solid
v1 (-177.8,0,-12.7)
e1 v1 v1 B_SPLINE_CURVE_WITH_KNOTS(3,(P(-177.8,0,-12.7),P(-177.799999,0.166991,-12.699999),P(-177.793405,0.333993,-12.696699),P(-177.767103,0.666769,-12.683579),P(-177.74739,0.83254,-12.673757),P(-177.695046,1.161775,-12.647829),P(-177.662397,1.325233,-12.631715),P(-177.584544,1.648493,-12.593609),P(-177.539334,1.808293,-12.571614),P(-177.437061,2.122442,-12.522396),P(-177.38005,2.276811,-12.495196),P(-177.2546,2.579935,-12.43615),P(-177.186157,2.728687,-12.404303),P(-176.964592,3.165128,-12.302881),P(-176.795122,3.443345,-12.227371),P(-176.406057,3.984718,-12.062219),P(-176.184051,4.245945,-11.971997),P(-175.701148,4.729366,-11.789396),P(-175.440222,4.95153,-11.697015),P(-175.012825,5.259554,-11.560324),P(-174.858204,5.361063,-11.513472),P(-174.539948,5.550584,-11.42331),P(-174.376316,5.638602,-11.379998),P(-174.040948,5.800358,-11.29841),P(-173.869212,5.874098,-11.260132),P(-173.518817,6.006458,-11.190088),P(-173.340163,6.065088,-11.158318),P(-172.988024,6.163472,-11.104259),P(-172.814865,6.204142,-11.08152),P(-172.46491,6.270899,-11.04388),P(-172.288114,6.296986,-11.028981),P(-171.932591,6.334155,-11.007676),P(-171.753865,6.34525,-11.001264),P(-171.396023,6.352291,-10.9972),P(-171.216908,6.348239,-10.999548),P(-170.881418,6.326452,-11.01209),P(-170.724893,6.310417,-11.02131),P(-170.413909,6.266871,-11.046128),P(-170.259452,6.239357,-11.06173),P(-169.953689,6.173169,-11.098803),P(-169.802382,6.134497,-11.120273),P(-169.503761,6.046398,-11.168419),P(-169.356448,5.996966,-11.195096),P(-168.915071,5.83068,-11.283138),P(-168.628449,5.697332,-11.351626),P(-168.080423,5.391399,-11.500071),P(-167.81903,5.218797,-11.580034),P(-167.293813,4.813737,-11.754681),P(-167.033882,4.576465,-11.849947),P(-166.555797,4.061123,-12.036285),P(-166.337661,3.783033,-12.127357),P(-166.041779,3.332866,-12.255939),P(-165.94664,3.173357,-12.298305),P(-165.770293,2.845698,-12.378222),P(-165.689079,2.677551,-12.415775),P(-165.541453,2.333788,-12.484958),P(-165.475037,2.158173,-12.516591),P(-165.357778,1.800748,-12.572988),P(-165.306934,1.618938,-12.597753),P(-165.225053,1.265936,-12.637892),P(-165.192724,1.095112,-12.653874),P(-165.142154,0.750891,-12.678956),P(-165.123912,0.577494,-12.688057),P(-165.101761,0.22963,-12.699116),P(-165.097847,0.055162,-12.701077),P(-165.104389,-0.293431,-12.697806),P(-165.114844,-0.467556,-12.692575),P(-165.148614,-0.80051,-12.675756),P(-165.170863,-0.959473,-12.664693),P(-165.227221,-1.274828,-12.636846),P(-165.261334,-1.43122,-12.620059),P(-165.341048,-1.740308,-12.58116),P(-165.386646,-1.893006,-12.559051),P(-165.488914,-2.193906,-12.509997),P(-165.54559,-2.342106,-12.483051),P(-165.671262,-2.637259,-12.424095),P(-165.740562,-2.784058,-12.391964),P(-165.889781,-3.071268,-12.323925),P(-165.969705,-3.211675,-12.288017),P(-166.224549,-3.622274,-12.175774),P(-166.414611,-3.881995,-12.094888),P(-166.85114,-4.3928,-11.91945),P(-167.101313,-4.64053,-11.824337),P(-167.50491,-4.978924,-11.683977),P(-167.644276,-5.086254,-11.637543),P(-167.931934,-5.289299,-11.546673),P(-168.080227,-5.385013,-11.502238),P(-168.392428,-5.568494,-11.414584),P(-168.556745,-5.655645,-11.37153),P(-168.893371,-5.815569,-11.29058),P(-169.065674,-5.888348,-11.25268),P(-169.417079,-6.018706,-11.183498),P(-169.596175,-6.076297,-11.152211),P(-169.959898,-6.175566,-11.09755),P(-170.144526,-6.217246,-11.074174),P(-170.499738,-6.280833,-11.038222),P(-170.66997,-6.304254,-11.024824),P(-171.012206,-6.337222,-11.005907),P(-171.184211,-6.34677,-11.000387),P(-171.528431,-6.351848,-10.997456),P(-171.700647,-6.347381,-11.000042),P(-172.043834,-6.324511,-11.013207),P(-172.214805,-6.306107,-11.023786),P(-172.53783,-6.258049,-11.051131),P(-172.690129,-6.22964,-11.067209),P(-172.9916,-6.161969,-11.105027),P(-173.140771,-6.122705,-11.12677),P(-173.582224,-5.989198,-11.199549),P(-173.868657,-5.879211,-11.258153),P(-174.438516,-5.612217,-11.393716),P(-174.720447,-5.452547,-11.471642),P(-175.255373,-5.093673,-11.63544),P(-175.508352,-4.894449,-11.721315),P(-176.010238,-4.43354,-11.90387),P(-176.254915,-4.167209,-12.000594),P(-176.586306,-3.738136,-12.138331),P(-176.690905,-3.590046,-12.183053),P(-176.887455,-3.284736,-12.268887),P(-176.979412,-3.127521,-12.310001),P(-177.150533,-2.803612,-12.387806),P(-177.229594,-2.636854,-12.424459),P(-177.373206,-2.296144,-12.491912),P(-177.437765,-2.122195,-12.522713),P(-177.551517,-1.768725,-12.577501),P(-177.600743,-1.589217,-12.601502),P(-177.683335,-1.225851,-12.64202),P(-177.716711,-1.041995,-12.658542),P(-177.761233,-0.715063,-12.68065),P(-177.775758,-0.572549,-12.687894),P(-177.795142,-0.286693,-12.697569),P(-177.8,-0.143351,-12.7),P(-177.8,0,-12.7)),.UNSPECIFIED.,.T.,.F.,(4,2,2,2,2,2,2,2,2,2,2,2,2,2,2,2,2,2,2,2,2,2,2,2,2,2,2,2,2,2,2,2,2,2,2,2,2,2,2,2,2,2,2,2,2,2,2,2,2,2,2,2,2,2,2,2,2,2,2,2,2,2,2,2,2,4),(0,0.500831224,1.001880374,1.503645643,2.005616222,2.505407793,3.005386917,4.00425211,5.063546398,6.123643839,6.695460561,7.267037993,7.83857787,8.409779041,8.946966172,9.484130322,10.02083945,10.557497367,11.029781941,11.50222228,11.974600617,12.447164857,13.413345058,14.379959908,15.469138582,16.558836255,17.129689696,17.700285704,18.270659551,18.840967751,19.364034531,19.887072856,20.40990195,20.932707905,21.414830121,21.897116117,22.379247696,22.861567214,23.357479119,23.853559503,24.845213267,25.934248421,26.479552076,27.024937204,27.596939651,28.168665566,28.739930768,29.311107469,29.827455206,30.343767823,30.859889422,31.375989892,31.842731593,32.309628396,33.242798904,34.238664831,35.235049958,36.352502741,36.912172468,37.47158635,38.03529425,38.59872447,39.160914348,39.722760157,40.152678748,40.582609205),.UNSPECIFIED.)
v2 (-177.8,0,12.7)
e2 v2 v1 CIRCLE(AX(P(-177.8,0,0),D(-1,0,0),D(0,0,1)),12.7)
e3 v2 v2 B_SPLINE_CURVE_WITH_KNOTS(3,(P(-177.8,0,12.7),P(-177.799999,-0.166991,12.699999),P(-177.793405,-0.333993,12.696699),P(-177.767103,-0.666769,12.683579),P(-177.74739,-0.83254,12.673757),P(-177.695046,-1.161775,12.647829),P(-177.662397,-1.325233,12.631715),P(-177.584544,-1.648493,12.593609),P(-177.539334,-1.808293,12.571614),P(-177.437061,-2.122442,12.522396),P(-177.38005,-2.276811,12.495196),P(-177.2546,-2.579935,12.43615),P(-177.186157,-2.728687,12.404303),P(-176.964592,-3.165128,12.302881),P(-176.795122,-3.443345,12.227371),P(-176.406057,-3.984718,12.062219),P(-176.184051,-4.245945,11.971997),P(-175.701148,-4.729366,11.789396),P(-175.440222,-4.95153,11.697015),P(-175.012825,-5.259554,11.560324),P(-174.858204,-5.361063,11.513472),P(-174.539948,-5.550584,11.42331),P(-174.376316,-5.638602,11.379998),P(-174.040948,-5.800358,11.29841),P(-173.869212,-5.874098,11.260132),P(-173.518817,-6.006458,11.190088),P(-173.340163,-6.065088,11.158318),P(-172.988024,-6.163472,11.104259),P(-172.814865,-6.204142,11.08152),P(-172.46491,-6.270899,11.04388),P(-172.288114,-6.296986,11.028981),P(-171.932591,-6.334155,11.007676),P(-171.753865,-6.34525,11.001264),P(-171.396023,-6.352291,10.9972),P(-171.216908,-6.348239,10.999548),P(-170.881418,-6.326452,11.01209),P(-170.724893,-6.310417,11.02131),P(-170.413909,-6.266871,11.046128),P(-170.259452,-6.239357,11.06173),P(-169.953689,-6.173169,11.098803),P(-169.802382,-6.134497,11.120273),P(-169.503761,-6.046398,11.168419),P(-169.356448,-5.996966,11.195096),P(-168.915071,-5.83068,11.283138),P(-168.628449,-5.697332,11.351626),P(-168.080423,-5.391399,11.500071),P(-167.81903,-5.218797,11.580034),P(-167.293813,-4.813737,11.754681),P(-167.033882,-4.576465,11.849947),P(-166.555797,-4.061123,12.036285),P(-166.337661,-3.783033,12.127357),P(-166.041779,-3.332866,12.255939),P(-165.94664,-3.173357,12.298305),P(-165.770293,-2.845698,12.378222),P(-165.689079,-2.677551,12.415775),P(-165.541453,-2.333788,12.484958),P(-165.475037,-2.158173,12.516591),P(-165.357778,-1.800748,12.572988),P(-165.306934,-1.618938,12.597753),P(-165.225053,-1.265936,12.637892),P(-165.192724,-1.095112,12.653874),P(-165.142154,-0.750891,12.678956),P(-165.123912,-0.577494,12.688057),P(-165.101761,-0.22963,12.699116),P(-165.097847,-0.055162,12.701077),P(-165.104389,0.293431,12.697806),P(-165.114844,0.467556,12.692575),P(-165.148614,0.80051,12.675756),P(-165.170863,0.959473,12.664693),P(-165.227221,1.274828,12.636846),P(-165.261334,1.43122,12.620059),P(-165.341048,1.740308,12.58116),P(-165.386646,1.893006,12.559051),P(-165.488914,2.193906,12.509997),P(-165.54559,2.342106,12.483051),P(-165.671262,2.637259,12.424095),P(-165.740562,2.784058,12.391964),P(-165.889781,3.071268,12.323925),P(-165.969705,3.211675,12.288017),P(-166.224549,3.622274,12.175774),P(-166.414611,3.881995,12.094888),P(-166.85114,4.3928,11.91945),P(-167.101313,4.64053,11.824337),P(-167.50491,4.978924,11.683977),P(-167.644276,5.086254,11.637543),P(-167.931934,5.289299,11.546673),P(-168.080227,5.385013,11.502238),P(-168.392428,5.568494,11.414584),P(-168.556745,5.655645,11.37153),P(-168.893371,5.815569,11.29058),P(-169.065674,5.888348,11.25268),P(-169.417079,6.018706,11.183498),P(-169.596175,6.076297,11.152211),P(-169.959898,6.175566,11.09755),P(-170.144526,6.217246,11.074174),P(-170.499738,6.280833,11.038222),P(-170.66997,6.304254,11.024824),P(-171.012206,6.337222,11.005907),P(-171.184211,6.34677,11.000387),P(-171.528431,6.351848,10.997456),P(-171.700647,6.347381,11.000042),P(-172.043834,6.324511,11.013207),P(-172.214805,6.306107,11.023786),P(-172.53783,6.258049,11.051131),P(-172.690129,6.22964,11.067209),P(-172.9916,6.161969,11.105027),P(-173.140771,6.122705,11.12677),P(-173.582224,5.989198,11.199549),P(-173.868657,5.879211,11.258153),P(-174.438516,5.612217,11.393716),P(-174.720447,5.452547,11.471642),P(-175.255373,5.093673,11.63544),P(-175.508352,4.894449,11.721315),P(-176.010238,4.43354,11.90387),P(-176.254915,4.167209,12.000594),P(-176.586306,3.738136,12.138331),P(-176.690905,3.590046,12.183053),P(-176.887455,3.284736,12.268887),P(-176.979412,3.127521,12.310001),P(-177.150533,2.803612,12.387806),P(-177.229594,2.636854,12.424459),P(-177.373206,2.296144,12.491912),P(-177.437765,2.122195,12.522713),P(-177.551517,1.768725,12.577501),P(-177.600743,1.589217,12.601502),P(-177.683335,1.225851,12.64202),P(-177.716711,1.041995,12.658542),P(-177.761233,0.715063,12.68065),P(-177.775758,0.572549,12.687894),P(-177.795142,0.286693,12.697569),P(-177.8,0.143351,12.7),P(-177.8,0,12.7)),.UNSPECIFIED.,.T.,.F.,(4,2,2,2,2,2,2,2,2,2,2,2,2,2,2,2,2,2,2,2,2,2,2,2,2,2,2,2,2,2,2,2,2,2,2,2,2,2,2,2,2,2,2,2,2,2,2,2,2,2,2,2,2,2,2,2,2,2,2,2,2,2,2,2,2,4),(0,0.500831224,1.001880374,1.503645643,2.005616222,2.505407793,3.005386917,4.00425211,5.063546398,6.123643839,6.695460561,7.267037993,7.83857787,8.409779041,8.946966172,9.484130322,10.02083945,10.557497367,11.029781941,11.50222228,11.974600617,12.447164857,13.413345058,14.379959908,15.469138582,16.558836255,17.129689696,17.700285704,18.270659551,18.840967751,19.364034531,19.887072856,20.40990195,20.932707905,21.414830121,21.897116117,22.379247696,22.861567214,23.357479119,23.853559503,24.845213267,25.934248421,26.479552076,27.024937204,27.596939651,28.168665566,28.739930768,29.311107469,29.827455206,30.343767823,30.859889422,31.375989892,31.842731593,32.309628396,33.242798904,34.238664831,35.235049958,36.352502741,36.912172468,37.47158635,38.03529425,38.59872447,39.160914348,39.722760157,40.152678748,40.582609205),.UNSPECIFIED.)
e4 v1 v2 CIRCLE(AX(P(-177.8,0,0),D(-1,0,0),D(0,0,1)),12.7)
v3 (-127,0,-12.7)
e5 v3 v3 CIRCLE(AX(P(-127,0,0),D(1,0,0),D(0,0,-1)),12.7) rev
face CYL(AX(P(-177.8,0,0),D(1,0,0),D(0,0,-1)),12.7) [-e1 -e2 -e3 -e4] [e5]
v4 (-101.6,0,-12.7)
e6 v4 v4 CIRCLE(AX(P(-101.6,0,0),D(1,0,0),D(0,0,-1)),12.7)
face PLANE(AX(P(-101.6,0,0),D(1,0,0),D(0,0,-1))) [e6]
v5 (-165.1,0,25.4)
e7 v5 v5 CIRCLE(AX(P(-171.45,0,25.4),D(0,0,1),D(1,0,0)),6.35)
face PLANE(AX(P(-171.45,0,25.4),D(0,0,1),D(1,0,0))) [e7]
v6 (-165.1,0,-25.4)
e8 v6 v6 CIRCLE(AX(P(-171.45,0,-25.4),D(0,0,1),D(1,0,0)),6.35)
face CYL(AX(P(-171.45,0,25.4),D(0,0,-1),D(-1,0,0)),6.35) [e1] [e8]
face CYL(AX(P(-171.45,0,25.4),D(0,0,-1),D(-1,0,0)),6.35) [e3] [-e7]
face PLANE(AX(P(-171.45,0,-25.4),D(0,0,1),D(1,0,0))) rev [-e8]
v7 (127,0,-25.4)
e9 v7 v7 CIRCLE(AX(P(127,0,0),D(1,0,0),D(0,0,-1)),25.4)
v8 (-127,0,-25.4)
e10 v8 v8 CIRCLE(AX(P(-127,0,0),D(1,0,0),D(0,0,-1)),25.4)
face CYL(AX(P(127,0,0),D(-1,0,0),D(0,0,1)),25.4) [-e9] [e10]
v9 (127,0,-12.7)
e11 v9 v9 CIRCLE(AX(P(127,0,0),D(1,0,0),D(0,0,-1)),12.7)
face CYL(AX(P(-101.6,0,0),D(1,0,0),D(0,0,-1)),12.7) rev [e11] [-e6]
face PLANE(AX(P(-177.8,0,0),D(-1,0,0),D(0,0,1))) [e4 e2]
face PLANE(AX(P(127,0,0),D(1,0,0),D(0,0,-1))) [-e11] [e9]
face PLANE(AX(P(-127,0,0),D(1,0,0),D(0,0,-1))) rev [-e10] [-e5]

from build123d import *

# Parameters (mm, degrees)
SKETCH1_R           = 25.4
BOSS_EXTRUDE1_DEPTH = 127
SKETCH2_R           = 12.7
BOSS_EXTRUDE2_DEPTH = 50.8
SKETCH3_R           = 6.35
BOSS_EXTRUDE3_DEPTH = 25.4
SKETCH4_R           = 12.7
CUT_EXTRUDE1_DEPTH  = 228.6


with BuildPart() as part:
    # Sketch1 → Boss-Extrude1 (new body, symmetric)
    with BuildSketch(Plane(origin=(0, 0, 0), x_dir=(0, 0, -1), z_dir=(1, 0, 0))):
        Circle(SKETCH1_R)
    extrude(amount=BOSS_EXTRUDE1_DEPTH, both=True)

    # Sketch2 → Boss-Extrude2 (add)
    with BuildSketch(Plane.ZY.offset(127)):
        Circle(SKETCH2_R)
    extrude(amount=BOSS_EXTRUDE2_DEPTH)

    # Sketch3 → Boss-Extrude3 (add, symmetric)
    with BuildSketch(Plane.XY):
        with Locations((-171.45, 0)):
            Circle(SKETCH3_R)
    extrude(amount=BOSS_EXTRUDE3_DEPTH, both=True)

    # Sketch4 → Cut-Extrude1 (cut)
    with BuildSketch(Plane(origin=(127, 0, 0), x_dir=(0, 0, -1), z_dir=(1, 0, 0))):
        Circle(SKETCH4_R)
    extrude(amount=-CUT_EXTRUDE1_DEPTH, mode=Mode.SUBTRACT)


solid = part.part
